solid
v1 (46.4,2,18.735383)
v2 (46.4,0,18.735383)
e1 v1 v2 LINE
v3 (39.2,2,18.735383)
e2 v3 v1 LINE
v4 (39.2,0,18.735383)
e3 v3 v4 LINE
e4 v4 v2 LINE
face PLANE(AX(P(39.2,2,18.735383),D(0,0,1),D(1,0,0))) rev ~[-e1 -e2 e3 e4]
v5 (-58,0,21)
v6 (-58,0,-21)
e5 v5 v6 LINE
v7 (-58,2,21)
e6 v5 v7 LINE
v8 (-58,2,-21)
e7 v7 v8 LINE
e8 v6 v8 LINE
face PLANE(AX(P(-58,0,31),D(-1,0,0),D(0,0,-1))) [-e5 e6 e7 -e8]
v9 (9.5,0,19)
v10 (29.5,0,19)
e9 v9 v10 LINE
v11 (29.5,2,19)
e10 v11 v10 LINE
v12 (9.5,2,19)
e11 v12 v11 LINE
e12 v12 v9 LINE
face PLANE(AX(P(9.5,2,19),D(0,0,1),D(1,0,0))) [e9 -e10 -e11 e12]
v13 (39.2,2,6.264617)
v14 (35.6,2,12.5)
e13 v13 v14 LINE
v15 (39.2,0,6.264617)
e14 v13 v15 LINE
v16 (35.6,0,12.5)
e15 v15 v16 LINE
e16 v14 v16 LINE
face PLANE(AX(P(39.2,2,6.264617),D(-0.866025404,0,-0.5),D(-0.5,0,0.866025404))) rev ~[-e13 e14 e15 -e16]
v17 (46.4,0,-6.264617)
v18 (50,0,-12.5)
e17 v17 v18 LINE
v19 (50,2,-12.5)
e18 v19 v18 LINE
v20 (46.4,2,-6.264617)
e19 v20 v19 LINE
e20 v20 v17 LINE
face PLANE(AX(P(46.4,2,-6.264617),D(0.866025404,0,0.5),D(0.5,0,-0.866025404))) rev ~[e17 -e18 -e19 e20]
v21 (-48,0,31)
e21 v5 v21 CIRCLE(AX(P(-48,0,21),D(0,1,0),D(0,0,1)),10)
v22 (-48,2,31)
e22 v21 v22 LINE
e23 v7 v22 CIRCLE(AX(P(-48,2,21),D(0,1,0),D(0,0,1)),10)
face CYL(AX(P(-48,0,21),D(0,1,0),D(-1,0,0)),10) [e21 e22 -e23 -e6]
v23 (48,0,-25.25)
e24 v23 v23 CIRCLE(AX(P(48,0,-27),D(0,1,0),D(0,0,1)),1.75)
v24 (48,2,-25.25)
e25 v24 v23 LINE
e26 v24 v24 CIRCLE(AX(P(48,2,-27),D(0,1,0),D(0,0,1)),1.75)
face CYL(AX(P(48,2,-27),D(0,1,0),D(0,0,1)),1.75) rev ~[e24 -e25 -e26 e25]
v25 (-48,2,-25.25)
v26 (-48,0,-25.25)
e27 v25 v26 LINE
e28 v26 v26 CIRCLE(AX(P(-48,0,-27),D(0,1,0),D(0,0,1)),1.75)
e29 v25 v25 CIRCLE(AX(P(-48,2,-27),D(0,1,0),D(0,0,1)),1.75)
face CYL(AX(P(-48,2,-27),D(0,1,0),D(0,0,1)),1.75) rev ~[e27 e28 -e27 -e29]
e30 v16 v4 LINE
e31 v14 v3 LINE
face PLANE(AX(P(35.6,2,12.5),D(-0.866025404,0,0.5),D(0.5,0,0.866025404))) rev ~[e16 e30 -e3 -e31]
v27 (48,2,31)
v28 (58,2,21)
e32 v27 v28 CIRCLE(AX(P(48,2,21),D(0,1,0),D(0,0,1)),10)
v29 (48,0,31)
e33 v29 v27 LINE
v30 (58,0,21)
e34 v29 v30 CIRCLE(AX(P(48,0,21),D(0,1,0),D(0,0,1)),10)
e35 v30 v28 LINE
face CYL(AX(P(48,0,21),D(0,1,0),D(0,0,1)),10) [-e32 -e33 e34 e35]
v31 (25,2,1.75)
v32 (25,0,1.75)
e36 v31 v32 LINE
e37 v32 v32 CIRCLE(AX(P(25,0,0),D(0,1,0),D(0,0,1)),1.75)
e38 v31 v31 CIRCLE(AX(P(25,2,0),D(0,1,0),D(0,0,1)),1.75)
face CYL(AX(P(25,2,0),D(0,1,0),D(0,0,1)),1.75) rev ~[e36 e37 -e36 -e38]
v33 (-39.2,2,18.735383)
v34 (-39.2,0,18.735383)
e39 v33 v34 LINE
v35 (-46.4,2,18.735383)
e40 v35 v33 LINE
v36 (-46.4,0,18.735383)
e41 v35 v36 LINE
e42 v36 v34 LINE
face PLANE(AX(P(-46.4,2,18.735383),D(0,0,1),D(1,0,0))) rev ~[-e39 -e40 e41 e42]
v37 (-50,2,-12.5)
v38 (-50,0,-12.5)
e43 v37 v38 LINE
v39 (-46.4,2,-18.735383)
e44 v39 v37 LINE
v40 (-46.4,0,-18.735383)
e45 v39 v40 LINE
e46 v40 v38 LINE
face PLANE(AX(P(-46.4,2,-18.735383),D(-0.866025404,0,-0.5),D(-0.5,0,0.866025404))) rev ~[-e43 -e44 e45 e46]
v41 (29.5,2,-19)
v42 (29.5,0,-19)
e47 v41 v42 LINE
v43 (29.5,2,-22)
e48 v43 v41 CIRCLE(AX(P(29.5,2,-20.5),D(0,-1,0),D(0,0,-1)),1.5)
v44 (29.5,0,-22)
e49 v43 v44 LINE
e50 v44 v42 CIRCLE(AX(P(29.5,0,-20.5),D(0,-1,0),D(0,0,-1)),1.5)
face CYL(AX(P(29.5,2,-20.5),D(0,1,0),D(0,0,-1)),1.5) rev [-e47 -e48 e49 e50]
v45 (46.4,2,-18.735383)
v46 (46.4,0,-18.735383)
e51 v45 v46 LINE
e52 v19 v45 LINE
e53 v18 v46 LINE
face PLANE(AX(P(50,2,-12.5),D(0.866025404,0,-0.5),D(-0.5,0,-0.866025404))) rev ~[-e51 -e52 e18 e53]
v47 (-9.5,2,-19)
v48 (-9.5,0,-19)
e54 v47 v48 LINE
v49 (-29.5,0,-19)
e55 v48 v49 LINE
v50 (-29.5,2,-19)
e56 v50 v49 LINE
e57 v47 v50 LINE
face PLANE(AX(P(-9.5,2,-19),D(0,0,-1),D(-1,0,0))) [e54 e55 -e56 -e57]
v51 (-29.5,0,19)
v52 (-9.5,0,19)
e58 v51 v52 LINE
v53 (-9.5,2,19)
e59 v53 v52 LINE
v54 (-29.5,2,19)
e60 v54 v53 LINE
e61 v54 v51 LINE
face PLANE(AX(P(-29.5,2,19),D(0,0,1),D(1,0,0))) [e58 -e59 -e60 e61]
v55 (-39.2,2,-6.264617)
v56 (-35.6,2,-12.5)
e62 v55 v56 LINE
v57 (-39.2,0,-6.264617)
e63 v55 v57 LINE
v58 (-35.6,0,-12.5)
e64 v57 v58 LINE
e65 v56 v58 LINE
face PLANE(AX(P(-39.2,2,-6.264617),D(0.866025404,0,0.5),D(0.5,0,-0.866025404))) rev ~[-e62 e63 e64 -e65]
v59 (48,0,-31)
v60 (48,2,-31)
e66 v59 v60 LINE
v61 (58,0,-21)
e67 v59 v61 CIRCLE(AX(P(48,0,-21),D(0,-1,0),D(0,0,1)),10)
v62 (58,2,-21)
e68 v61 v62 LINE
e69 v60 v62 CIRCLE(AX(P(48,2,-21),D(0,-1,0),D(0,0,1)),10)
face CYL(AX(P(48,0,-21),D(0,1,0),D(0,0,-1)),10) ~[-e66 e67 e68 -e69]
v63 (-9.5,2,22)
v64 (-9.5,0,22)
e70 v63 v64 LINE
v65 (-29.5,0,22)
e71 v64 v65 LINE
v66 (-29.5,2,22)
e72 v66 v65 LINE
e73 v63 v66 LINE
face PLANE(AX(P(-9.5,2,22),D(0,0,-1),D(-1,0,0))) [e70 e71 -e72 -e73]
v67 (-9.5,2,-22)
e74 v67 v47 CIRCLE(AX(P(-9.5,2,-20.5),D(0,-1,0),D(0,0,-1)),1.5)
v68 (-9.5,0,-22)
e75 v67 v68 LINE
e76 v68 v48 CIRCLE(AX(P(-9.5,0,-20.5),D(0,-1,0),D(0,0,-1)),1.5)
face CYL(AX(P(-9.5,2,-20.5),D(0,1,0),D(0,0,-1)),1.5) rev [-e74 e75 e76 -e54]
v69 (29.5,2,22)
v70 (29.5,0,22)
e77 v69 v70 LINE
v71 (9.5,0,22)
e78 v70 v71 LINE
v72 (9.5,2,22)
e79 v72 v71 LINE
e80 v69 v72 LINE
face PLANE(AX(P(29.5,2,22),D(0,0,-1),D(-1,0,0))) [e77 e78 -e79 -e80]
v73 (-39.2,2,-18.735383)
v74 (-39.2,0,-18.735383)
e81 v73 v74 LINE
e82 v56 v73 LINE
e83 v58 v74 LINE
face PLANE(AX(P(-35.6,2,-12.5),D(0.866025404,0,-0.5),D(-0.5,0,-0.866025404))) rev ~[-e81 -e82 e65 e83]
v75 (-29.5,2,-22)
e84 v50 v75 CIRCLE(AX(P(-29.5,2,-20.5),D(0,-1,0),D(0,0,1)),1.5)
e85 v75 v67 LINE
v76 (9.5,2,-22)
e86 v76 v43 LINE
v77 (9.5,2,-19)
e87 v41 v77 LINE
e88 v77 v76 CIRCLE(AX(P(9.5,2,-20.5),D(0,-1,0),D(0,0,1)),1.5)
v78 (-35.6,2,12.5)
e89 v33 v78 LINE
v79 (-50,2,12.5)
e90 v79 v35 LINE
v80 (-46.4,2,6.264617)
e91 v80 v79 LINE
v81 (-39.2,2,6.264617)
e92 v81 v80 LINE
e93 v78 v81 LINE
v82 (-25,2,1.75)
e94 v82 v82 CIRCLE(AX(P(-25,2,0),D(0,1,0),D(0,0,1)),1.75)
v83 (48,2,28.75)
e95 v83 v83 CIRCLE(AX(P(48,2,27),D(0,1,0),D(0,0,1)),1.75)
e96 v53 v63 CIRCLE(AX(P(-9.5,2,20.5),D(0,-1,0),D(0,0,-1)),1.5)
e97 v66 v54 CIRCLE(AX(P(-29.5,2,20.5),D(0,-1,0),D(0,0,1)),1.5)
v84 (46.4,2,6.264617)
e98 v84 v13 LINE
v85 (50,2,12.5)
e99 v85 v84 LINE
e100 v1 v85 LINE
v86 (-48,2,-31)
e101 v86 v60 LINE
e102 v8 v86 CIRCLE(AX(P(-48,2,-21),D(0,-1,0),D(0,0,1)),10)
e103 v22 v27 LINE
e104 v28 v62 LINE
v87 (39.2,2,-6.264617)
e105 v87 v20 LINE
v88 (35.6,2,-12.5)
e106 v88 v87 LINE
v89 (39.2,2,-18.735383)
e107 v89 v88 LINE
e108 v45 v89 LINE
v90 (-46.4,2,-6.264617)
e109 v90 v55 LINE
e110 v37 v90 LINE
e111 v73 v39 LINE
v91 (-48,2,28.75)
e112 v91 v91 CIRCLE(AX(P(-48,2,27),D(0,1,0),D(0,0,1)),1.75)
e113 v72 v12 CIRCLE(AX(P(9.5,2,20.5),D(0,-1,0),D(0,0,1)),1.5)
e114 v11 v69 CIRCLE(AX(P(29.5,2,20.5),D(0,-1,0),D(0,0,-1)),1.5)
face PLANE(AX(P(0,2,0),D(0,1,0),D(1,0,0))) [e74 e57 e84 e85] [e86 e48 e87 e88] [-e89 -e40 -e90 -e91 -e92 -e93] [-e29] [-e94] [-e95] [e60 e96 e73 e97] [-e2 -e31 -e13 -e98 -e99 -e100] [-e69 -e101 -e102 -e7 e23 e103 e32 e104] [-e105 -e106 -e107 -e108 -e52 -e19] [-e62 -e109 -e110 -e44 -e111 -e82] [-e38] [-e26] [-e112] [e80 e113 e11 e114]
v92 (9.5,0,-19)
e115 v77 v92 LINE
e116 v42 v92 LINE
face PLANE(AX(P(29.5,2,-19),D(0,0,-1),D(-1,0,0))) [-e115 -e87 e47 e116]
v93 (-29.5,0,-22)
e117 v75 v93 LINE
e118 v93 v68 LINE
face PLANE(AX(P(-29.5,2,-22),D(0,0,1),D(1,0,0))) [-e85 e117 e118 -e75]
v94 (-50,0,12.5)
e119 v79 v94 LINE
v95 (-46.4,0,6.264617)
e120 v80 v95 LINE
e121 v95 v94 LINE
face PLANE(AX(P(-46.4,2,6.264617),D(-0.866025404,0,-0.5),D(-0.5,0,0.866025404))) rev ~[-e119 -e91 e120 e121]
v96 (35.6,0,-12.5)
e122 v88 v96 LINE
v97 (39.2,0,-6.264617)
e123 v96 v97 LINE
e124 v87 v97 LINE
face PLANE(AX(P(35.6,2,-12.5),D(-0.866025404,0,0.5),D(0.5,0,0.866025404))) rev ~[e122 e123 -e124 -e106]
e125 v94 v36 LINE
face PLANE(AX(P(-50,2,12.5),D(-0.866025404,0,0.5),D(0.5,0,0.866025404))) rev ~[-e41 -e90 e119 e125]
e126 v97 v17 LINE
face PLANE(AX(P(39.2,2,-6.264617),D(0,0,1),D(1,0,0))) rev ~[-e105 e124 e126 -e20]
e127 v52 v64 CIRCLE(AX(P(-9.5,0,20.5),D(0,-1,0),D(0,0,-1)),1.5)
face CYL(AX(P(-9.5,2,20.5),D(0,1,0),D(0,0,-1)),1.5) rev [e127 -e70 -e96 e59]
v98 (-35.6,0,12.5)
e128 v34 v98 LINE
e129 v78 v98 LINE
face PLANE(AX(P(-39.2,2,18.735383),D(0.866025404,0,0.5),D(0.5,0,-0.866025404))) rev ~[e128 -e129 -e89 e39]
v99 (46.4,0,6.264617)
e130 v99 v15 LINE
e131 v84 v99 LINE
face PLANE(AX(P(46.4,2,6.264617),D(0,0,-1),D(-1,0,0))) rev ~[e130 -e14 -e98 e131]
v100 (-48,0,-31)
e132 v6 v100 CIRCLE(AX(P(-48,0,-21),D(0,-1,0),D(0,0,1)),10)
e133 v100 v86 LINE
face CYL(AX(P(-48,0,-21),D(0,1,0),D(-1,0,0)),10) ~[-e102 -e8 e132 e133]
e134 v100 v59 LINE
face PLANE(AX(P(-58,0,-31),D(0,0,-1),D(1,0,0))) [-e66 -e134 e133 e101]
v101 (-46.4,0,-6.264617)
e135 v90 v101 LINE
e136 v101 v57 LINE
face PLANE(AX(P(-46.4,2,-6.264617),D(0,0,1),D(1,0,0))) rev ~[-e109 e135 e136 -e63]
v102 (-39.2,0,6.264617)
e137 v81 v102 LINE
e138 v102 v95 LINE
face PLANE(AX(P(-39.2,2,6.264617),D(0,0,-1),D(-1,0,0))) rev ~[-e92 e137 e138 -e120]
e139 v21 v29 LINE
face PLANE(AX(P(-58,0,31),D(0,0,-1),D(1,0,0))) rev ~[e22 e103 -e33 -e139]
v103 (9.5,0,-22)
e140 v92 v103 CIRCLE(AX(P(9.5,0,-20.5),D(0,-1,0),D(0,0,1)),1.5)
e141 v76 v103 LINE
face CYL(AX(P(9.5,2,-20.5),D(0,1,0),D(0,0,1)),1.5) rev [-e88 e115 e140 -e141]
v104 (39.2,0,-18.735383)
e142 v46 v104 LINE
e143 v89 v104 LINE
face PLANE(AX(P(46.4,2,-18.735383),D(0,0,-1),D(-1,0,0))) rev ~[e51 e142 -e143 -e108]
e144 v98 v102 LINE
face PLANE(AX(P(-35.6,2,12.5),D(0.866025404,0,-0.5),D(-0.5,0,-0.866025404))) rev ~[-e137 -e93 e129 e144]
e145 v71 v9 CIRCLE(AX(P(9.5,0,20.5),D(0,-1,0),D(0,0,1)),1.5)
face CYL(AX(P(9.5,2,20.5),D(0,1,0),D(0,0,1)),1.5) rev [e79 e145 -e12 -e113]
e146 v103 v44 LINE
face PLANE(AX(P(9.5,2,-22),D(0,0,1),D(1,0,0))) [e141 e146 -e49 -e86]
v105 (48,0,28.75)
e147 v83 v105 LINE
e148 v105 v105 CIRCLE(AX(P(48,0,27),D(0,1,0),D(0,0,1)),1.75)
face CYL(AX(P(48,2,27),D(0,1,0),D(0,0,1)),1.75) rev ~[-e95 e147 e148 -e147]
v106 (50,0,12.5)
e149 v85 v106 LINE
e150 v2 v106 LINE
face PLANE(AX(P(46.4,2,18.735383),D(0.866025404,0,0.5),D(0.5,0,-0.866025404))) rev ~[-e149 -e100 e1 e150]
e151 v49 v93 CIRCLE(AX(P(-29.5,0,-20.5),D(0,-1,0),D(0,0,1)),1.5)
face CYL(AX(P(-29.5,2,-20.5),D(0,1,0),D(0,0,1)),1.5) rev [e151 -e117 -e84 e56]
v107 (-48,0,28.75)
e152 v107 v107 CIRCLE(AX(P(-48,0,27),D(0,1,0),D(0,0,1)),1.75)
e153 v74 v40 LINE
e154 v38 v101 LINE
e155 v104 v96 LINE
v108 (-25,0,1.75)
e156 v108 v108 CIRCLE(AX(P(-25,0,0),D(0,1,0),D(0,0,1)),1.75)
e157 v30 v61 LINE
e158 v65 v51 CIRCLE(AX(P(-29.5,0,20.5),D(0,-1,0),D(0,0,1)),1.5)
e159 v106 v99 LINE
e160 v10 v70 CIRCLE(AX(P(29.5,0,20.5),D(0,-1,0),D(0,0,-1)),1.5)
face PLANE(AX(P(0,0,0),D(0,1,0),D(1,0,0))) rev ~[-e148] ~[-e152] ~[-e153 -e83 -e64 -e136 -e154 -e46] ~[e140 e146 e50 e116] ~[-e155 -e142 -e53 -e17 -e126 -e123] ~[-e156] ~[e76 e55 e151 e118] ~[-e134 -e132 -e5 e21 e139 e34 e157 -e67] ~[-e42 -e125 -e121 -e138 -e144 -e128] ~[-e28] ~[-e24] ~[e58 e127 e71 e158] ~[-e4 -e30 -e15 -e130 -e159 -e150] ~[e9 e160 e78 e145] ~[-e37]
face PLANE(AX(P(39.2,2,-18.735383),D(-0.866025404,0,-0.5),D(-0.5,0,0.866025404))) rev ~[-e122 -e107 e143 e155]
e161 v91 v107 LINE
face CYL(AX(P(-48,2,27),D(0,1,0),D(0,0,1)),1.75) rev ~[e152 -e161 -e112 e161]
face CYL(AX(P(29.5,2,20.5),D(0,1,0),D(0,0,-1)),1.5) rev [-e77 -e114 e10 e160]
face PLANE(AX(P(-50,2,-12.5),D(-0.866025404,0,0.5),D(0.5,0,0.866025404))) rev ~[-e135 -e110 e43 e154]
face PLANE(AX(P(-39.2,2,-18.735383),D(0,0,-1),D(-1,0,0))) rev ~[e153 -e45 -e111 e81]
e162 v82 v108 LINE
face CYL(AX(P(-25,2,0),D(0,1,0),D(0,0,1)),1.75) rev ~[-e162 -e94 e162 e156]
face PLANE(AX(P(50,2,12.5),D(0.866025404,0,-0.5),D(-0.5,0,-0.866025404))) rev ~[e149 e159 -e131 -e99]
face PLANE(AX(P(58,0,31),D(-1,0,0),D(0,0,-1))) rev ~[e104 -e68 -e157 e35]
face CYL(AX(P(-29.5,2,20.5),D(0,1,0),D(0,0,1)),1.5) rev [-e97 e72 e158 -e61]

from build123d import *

# Parameters (mm, degrees)
SKETCH1_W           = 116
SKETCH1_H           = 62
BOSS_EXTRUDE1_DEPTH = 2
SKETCH2_R           = 1.75
CUT_EXTRUDE1_DEPTH  = 2
SKETCH3_R           = 1.75
CUT_EXTRUDE2_DEPTH  = 2
FILLET2_R           = 10


with BuildPart() as part:
    # Sketch1 → Boss-Extrude1 (new body)
    with BuildSketch(Plane(origin=(0, 0, 0), x_dir=(1, 0, 0), z_dir=(0, 1, 0))):
        Rectangle(SKETCH1_W, SKETCH1_H)
    extrude(amount=BOSS_EXTRUDE1_DEPTH)

    # Sketch2 → Cut-Extrude1 (cut)
    with BuildSketch(Plane(origin=(0, 2, 0), x_dir=(1, 0, 0), z_dir=(0, 1, 0))):
        with Locations(Location((-48, 27, 0), (0, 0, 270))):
            Circle(SKETCH2_R)
        with Locations(Location((48, 27, 0), (0, 0, 270))):
            Circle(SKETCH2_R)
        with Locations(Location((48, -27, 0), (0, 0, 270))):
            Circle(SKETCH2_R)
        with Locations(Location((-48, -27, 0), (0, 0, 270))):
            Circle(SKETCH2_R)
    extrude(amount=-CUT_EXTRUDE1_DEPTH, mode=Mode.SUBTRACT)

    # Sketch3 → Cut-Extrude2 (cut)
    with BuildSketch(Plane(origin=(0, 2, 0), x_dir=(1, 0, 0), z_dir=(0, 1, 0))):
        with Locations(Location((25, 0, 0), (0, 0, 270))):
            Circle(SKETCH3_R)
        with Locations(Location((-25, 0, 0), (0, 0, 270))):
            Circle(SKETCH3_R)
        with BuildLine():
            Line((9.5, -19), (29.5, -19))
            ThreePointArc((29.5, -19), (31, -20.5), (29.5, -22))
            Line((29.5, -22), (9.5, -22))
            ThreePointArc((9.5, -22), (8, -20.5), (9.5, -19))
        make_face()
        with BuildLine():
            Line((-9.5, -22), (-29.5, -22))
            ThreePointArc((-29.5, -22), (-31, -20.5), (-29.5, -19))
            Line((-29.5, -19), (-9.5, -19))
            ThreePointArc((-9.5, -19), (-8, -20.5), (-9.5, -22))
        make_face()
        with BuildLine():
            Line((-29.5, 22), (-9.5, 22))
            ThreePointArc((-9.5, 22), (-8, 20.5), (-9.5, 19))
            Line((-9.5, 19), (-29.5, 19))
            ThreePointArc((-29.5, 19), (-31, 20.5), (-29.5, 22))
        make_face()
        with BuildLine():
            Line((9.5, 22), (29.5, 22))
            ThreePointArc((29.5, 22), (31, 20.5), (29.5, 19))
            Line((29.5, 19), (9.5, 19))
            ThreePointArc((9.5, 19), (8, 20.5), (9.5, 22))
        make_face()
        Polygon((-35.6, 12.5), (-39.2, 18.735382907), (-46.4, 18.735382907), (-50, 12.5), (-46.4, 6.264617093), (-39.2, 6.264617093), align=None)
        Polygon((-35.6, -12.5), (-39.2, -6.264617093), (-46.4, -6.264617093), (-50, -12.5), (-46.4, -18.735382907), (-39.2, -18.735382907), align=None)
        Polygon((50, 12.5), (46.4, 18.735382907), (39.2, 18.735382907), (35.6, 12.5), (39.2, 6.264617093), (46.4, 6.264617093), align=None)
        Polygon((50, -12.5), (46.4, -6.264617093), (39.2, -6.264617093), (35.6, -12.5), (39.2, -18.735382907), (46.4, -18.735382907), align=None)
    extrude(amount=-CUT_EXTRUDE2_DEPTH, mode=Mode.SUBTRACT)

    # Fillet2
    fillet2_edges = [part.edges().sort_by_distance(p)[0] for p in [
        (58, 1, 31),
        (-58, 1, 31),
        (-58, 1, -31),
        (58, 1, -31),
    ]]
    fillet(fillet2_edges, radius=FILLET2_R)


solid = part.part
